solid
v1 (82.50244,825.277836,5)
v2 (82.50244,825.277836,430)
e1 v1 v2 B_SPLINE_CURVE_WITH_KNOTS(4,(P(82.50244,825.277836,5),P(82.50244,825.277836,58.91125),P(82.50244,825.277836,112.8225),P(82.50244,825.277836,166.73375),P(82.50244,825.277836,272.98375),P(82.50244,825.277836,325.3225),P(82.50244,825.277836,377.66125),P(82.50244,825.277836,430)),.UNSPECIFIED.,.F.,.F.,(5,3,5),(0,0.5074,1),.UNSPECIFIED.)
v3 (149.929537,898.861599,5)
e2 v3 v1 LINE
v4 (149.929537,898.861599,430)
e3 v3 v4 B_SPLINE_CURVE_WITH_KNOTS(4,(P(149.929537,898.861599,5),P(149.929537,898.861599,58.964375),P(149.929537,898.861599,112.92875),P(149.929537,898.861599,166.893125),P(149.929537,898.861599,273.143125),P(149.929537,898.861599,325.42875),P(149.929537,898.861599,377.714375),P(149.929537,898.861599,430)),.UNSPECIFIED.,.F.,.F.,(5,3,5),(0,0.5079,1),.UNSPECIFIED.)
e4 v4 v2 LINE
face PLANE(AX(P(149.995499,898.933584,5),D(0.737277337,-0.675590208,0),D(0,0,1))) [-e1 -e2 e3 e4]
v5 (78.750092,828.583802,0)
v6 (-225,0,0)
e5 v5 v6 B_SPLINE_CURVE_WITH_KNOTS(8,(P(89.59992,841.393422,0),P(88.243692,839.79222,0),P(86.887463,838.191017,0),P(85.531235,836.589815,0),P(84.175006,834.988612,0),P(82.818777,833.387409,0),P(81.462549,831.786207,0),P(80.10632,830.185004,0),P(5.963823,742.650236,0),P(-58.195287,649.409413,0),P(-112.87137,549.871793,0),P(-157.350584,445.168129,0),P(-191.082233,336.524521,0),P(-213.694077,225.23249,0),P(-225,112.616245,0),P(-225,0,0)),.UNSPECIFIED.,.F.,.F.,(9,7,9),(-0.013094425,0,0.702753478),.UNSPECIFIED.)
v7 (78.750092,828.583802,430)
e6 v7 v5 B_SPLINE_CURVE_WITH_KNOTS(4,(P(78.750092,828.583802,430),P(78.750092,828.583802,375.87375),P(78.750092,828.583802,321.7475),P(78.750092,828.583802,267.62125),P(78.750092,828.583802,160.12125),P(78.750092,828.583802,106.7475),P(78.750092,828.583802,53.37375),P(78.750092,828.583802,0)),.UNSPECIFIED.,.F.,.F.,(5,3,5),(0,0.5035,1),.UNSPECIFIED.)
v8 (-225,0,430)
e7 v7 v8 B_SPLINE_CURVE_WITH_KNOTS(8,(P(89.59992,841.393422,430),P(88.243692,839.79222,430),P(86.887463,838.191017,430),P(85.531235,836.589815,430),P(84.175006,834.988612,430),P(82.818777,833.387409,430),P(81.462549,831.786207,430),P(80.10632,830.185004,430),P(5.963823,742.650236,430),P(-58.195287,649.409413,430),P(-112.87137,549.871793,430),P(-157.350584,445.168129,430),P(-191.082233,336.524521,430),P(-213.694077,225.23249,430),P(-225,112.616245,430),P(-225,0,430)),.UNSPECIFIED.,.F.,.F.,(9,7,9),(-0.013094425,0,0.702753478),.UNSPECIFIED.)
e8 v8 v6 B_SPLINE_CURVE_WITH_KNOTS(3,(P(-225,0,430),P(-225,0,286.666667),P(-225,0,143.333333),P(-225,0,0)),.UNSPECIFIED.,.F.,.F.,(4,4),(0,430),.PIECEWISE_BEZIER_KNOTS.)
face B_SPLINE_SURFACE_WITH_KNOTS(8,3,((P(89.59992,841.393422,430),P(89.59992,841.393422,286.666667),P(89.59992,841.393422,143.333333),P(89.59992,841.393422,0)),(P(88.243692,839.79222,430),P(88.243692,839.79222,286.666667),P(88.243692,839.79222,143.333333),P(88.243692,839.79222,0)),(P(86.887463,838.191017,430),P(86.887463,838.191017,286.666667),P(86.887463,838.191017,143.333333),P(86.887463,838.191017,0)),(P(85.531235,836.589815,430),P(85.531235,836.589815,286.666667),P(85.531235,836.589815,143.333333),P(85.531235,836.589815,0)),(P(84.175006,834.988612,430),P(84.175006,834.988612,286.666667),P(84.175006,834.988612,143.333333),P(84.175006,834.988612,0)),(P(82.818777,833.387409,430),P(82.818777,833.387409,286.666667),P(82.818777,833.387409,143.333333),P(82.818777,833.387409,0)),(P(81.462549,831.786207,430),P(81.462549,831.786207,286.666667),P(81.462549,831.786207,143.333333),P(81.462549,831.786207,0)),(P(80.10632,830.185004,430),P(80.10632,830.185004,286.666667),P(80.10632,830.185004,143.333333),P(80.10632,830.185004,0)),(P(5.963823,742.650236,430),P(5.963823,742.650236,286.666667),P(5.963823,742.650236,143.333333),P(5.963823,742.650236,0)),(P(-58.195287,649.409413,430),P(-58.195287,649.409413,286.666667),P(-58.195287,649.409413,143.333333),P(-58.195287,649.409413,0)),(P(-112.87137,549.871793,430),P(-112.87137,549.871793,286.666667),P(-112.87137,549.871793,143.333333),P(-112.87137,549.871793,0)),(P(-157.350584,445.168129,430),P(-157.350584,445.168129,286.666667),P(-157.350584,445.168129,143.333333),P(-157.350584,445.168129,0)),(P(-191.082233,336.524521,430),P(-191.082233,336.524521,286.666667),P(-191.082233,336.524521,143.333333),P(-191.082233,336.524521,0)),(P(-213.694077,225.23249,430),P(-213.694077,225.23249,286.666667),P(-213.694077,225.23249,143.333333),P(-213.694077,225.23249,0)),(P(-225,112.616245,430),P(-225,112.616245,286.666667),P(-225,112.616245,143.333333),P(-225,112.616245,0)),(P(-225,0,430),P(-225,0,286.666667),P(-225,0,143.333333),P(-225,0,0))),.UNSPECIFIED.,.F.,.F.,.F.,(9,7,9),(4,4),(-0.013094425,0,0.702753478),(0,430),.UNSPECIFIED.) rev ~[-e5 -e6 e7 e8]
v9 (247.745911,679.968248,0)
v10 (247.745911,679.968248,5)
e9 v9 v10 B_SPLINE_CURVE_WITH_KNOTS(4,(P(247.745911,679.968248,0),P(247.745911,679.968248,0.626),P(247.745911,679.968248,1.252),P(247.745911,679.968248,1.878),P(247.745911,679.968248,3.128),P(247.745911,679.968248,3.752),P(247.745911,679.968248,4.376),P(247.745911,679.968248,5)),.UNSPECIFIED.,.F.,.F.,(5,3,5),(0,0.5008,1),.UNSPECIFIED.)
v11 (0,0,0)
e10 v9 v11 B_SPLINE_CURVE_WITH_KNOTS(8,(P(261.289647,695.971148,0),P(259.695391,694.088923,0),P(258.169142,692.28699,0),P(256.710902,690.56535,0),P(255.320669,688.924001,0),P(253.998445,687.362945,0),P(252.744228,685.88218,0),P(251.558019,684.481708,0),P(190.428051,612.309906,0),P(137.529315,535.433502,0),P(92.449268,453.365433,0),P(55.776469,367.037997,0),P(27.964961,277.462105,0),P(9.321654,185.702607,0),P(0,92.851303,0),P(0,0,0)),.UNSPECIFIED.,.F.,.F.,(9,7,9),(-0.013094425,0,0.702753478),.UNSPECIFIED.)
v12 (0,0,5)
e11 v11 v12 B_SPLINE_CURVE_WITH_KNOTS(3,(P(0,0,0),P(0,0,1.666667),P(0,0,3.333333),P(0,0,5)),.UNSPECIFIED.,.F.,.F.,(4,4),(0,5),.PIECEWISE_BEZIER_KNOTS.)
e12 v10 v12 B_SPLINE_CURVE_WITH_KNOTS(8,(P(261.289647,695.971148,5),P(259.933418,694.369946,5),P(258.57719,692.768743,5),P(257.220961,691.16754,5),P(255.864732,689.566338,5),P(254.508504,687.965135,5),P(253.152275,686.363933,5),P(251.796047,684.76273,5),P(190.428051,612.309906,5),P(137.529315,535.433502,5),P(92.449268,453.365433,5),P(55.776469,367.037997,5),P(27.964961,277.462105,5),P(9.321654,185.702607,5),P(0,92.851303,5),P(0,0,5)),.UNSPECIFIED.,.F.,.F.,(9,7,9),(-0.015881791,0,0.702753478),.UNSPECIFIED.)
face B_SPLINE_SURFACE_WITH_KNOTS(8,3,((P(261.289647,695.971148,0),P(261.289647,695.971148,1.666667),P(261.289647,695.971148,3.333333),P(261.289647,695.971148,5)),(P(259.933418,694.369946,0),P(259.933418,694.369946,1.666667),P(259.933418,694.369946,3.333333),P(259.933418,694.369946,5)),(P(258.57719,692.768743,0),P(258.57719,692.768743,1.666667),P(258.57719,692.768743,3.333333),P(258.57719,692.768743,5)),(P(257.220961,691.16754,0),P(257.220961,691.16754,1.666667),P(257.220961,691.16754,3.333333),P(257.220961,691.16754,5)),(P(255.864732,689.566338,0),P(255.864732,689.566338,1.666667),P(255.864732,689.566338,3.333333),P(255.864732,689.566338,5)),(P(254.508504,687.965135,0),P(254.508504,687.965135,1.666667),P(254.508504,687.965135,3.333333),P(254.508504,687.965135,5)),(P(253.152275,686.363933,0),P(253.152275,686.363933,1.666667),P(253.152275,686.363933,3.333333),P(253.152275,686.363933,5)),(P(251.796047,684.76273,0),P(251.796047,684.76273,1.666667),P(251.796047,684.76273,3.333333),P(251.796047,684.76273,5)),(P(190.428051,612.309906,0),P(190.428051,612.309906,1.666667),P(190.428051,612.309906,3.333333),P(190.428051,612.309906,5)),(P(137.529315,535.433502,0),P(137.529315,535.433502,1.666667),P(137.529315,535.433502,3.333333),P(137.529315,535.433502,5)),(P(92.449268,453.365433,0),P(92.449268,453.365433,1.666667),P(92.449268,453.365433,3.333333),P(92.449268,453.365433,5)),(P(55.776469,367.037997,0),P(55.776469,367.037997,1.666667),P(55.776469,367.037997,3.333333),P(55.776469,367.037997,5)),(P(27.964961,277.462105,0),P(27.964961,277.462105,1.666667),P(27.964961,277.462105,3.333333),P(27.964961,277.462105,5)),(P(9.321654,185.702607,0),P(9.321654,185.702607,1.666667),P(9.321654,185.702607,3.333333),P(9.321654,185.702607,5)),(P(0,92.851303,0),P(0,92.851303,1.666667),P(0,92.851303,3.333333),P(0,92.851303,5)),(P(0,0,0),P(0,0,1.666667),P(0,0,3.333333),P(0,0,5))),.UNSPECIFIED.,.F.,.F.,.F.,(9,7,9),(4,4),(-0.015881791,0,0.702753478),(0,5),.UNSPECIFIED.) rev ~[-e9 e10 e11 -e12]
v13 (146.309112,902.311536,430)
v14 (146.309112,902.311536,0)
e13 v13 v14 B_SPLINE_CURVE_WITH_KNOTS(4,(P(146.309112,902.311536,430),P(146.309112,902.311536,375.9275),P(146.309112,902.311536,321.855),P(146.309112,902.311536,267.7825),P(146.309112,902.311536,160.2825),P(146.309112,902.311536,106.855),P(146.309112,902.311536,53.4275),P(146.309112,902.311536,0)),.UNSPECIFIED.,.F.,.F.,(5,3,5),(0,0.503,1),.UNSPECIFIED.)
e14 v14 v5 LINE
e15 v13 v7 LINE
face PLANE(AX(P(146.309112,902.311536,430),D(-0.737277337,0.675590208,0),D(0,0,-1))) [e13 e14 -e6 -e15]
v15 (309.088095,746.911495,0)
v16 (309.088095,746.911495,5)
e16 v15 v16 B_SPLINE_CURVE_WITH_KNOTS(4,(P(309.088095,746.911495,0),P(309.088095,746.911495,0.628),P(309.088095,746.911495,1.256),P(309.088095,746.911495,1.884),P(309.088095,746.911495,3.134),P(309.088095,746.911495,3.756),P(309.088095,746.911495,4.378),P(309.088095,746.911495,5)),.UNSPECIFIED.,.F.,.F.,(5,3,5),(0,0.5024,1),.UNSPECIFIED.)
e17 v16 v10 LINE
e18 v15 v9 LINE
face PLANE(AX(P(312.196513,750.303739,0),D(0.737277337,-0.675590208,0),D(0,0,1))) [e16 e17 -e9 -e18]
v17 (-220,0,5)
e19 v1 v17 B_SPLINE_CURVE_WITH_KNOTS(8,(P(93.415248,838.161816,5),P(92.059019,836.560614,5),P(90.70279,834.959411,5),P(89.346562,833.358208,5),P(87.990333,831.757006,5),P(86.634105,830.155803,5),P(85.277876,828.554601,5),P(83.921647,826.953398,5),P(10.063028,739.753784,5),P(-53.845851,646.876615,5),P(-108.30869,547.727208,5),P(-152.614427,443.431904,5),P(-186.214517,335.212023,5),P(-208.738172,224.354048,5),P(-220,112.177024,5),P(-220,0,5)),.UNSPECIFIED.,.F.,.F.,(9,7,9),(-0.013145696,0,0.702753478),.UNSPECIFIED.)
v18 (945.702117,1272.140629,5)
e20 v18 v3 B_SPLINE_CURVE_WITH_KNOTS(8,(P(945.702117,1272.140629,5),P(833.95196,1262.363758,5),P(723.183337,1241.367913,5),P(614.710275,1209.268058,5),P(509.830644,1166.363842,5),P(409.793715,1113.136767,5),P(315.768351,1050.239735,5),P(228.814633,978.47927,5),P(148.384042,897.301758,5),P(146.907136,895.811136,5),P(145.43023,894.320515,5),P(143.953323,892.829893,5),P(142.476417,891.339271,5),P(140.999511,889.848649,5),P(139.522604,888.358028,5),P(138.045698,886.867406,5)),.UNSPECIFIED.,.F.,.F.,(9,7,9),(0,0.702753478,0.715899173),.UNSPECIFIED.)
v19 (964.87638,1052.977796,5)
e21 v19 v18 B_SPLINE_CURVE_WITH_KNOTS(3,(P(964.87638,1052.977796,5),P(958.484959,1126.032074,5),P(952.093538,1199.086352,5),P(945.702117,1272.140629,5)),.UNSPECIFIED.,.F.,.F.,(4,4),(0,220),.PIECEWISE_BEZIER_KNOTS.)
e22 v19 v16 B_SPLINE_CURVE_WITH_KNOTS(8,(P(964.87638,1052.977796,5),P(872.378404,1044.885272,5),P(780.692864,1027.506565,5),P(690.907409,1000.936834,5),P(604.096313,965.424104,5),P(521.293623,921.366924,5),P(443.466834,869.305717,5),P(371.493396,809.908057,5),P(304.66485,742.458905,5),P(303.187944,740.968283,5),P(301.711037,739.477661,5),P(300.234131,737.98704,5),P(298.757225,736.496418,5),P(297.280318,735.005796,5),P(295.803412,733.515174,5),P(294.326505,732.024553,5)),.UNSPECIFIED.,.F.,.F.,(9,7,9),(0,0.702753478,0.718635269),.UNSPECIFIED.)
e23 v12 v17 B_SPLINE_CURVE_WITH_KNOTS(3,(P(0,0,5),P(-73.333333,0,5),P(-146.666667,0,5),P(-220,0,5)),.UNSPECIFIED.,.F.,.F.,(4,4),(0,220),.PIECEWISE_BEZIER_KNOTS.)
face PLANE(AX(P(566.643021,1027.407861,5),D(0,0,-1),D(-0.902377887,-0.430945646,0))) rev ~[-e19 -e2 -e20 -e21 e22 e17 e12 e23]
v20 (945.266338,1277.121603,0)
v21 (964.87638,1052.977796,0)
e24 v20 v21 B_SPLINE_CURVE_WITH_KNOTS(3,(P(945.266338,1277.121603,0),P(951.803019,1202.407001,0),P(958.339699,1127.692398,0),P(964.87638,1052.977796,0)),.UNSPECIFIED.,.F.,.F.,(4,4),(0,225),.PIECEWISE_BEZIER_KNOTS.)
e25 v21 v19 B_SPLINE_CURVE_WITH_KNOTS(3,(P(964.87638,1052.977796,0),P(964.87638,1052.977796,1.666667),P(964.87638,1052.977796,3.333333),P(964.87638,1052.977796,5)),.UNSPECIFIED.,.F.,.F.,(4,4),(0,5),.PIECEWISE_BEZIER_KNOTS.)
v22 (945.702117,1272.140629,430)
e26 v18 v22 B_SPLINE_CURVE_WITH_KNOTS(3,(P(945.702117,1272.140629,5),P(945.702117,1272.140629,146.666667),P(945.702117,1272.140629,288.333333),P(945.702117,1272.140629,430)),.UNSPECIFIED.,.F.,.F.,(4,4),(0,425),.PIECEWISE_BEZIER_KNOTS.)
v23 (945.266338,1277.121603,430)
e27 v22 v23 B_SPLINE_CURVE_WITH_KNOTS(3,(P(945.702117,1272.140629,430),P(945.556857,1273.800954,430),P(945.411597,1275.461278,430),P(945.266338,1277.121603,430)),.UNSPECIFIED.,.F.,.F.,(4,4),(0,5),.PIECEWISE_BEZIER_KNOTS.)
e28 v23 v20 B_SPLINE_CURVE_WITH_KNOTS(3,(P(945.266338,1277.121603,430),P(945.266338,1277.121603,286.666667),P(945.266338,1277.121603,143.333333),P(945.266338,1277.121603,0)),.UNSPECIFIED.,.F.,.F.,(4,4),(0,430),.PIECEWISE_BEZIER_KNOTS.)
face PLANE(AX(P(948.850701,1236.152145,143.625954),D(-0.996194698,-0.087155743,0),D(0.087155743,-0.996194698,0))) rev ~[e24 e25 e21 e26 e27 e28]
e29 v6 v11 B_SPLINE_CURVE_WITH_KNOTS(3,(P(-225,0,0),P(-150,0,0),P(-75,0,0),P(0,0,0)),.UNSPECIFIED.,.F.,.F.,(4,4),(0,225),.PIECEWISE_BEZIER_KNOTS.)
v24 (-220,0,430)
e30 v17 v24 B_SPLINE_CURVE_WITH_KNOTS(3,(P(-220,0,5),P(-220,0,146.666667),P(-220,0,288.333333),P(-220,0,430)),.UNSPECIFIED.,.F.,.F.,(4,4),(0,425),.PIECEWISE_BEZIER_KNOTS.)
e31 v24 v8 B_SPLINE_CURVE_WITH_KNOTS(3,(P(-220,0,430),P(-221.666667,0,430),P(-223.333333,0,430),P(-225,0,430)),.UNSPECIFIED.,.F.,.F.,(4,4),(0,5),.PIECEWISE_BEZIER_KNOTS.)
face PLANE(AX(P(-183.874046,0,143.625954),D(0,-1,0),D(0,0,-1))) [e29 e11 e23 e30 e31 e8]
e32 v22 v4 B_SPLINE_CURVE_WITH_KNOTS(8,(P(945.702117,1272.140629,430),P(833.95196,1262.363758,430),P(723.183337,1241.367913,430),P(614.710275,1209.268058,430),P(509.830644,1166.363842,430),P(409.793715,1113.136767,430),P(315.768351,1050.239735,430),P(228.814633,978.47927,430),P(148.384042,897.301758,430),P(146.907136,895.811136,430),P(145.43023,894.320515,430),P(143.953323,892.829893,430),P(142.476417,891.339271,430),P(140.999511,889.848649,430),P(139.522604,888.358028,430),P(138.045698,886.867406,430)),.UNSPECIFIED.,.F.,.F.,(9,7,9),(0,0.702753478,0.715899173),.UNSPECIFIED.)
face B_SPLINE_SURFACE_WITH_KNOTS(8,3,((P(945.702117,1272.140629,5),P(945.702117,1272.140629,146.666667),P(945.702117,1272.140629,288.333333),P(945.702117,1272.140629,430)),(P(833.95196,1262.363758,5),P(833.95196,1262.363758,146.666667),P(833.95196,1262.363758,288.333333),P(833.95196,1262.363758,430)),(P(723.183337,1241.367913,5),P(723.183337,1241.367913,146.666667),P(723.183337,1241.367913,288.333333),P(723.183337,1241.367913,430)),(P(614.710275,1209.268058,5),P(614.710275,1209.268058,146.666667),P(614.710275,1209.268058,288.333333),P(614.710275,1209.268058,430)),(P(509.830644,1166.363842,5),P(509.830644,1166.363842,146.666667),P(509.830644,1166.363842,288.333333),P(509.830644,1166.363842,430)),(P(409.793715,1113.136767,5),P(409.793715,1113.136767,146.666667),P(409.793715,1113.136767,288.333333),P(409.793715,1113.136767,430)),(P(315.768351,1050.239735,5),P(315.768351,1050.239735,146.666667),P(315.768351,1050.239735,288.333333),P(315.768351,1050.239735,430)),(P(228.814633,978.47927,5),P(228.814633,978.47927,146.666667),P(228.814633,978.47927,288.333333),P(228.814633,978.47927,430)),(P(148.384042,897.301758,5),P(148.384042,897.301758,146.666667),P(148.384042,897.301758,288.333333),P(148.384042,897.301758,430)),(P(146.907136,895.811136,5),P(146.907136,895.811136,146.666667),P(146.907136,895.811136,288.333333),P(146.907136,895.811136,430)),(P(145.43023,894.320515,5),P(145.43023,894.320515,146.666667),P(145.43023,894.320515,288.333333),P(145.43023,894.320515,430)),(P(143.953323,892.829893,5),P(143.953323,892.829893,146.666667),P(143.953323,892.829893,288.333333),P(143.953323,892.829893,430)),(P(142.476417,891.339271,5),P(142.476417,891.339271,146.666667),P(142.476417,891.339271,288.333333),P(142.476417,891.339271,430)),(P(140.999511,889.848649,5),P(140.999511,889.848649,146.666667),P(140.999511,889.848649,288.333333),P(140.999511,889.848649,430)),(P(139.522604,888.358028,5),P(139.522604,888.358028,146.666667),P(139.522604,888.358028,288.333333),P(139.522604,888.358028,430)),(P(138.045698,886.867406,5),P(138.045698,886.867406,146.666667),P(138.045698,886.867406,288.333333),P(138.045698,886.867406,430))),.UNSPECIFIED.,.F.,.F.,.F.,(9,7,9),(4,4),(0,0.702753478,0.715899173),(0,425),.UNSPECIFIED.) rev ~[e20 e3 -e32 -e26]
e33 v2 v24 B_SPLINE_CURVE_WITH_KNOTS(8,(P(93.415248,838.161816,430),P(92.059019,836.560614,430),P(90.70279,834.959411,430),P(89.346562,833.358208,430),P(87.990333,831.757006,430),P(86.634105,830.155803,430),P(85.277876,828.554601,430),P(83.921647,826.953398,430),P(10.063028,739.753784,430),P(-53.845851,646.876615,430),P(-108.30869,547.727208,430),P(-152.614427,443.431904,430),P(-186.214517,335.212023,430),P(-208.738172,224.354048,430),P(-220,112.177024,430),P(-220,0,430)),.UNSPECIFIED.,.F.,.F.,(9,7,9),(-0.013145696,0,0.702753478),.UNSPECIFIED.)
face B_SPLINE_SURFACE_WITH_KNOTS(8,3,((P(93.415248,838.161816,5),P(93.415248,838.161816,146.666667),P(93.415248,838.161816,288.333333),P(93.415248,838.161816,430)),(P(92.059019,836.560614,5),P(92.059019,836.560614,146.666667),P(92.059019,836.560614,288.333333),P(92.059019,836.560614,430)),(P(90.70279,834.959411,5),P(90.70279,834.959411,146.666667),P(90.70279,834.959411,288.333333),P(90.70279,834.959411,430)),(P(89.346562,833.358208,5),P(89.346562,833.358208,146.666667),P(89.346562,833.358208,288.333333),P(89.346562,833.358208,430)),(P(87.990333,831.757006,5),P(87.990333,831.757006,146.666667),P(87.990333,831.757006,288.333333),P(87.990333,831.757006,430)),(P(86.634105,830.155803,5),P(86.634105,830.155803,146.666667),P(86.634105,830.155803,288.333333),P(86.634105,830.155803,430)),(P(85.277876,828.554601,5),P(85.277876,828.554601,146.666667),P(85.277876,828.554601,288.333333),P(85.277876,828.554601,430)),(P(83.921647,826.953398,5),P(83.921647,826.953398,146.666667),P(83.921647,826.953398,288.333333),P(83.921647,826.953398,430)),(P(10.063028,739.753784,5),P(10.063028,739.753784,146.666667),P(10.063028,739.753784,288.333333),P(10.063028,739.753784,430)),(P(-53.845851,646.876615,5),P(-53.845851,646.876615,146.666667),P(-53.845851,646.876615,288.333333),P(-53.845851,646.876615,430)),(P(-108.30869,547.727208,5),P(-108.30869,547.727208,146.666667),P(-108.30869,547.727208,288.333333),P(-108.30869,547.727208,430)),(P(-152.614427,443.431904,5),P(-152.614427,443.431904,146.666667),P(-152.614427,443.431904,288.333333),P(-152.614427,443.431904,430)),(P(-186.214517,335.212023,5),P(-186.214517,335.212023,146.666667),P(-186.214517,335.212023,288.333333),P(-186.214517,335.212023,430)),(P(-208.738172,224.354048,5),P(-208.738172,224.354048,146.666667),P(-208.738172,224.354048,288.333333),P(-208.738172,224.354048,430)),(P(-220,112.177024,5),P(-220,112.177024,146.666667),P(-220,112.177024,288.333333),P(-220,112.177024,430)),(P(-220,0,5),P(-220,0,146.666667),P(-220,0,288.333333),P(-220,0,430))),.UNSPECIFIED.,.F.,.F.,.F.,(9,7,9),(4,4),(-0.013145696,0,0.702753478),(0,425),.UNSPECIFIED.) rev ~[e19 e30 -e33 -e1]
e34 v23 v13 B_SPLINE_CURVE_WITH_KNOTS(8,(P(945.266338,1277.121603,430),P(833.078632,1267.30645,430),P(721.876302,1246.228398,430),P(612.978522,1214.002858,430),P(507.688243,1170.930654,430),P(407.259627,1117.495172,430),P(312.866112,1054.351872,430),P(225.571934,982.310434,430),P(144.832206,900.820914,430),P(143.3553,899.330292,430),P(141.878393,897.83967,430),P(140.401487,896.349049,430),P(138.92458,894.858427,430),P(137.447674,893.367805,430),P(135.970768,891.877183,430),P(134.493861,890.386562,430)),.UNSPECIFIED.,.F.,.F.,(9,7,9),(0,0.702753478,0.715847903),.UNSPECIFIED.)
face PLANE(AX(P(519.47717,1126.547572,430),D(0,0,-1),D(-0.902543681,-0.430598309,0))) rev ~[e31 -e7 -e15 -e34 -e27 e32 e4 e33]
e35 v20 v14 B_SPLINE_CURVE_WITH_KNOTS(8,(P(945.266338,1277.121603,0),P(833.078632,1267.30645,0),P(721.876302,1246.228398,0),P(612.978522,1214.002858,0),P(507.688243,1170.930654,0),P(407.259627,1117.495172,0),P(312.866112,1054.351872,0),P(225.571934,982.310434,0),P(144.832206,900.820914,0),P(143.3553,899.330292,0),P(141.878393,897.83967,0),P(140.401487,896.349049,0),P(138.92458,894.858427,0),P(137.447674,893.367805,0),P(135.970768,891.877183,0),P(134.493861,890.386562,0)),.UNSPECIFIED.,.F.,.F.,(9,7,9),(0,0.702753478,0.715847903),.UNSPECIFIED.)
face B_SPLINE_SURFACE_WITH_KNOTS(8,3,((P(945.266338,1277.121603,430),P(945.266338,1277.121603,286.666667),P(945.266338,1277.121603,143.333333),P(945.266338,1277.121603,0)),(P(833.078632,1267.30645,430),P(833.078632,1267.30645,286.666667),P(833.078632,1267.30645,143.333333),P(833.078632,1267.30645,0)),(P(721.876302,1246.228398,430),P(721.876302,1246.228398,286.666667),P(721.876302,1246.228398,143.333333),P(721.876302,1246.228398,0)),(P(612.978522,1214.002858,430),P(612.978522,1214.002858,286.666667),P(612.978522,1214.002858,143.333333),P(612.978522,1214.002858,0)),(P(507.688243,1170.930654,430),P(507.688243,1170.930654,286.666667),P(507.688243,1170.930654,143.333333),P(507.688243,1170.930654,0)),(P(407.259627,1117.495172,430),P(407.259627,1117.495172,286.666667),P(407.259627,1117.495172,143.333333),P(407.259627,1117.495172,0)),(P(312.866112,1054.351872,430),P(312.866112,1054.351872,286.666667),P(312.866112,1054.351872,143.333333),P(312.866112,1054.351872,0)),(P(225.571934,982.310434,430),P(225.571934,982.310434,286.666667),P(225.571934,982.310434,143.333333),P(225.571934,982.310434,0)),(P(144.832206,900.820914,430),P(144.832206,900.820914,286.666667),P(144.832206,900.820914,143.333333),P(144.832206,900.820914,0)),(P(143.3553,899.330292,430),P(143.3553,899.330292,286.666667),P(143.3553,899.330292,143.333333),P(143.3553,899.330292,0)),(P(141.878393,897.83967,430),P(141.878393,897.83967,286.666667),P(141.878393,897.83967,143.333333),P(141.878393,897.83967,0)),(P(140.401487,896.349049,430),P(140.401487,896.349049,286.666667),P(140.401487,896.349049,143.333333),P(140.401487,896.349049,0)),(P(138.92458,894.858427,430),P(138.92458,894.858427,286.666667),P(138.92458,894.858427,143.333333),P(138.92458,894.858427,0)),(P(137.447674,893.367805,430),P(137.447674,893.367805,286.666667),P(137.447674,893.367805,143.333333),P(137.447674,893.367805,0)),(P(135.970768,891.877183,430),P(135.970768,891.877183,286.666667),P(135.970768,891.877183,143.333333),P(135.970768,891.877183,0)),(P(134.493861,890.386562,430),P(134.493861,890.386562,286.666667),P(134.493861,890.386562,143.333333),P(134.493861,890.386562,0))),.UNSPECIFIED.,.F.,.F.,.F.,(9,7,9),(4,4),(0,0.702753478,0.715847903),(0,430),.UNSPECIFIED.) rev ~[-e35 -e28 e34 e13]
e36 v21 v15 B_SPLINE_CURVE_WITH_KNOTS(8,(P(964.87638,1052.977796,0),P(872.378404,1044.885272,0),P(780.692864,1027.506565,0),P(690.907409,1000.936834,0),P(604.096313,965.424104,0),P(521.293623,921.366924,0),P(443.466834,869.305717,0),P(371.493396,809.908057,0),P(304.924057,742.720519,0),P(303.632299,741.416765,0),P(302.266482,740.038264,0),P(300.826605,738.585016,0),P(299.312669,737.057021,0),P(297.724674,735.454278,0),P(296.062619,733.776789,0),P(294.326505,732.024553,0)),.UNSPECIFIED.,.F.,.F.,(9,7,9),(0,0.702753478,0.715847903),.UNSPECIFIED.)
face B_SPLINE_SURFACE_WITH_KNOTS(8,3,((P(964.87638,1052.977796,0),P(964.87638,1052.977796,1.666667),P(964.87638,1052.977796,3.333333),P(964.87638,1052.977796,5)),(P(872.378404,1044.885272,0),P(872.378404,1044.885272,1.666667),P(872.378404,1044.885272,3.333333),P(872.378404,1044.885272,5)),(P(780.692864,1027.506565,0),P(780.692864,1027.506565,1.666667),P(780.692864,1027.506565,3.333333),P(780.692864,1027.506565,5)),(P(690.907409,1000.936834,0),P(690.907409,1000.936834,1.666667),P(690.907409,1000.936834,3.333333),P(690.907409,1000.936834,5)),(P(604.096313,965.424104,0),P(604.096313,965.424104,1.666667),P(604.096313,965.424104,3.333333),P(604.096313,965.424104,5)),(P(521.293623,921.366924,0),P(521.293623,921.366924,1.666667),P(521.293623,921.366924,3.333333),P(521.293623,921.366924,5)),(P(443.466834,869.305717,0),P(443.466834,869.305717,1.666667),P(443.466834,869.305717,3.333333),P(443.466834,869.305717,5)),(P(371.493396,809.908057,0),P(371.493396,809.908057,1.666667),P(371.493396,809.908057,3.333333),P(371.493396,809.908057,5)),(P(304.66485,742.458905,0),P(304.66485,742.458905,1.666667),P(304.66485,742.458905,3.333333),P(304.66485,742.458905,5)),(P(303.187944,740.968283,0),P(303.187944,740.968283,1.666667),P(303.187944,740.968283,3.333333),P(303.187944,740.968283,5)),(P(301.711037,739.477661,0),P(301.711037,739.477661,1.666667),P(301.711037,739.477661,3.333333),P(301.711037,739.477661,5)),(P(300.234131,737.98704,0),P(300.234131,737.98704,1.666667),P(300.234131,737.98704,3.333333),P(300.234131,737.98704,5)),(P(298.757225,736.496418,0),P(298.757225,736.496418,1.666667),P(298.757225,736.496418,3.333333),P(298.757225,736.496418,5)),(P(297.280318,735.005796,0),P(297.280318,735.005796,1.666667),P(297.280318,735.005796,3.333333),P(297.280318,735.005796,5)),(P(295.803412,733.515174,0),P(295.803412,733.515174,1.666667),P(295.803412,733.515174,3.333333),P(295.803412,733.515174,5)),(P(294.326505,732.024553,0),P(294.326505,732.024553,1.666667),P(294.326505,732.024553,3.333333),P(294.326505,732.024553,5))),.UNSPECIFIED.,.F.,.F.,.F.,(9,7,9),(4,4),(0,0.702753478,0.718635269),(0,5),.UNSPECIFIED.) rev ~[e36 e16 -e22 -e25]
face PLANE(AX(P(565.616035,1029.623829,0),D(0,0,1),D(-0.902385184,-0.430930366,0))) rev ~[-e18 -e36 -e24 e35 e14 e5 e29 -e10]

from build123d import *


with BuildPart() as f2:
    # F2: sweep along a path in F1
    with BuildLine(Plane.XY) as f2_path:
        ThreePointArc((945.2663377975, 1277.1216029536), (512.5198472769, 1160.6314502419), (146.3091123304, 902.3115355107))
        Line((146.3091123304, 902.3115355107), (78.7500915689, 828.5838018297))
        ThreePointArc((78.7500915689, 828.5838018297), (-146.6694692914, 441.2525452569), (-225, 0))
    # F0 (on Front) → F2 (sweep)
    with BuildSketch(Plane.XZ):
        Polygon((-225, 0), (0, 0), (0, 5), (-220, 5), (-220, 430), (-225, 430), align=None)
    sweep(path=f2_path.line, transition=Transition.RIGHT)


solid = f2.part
